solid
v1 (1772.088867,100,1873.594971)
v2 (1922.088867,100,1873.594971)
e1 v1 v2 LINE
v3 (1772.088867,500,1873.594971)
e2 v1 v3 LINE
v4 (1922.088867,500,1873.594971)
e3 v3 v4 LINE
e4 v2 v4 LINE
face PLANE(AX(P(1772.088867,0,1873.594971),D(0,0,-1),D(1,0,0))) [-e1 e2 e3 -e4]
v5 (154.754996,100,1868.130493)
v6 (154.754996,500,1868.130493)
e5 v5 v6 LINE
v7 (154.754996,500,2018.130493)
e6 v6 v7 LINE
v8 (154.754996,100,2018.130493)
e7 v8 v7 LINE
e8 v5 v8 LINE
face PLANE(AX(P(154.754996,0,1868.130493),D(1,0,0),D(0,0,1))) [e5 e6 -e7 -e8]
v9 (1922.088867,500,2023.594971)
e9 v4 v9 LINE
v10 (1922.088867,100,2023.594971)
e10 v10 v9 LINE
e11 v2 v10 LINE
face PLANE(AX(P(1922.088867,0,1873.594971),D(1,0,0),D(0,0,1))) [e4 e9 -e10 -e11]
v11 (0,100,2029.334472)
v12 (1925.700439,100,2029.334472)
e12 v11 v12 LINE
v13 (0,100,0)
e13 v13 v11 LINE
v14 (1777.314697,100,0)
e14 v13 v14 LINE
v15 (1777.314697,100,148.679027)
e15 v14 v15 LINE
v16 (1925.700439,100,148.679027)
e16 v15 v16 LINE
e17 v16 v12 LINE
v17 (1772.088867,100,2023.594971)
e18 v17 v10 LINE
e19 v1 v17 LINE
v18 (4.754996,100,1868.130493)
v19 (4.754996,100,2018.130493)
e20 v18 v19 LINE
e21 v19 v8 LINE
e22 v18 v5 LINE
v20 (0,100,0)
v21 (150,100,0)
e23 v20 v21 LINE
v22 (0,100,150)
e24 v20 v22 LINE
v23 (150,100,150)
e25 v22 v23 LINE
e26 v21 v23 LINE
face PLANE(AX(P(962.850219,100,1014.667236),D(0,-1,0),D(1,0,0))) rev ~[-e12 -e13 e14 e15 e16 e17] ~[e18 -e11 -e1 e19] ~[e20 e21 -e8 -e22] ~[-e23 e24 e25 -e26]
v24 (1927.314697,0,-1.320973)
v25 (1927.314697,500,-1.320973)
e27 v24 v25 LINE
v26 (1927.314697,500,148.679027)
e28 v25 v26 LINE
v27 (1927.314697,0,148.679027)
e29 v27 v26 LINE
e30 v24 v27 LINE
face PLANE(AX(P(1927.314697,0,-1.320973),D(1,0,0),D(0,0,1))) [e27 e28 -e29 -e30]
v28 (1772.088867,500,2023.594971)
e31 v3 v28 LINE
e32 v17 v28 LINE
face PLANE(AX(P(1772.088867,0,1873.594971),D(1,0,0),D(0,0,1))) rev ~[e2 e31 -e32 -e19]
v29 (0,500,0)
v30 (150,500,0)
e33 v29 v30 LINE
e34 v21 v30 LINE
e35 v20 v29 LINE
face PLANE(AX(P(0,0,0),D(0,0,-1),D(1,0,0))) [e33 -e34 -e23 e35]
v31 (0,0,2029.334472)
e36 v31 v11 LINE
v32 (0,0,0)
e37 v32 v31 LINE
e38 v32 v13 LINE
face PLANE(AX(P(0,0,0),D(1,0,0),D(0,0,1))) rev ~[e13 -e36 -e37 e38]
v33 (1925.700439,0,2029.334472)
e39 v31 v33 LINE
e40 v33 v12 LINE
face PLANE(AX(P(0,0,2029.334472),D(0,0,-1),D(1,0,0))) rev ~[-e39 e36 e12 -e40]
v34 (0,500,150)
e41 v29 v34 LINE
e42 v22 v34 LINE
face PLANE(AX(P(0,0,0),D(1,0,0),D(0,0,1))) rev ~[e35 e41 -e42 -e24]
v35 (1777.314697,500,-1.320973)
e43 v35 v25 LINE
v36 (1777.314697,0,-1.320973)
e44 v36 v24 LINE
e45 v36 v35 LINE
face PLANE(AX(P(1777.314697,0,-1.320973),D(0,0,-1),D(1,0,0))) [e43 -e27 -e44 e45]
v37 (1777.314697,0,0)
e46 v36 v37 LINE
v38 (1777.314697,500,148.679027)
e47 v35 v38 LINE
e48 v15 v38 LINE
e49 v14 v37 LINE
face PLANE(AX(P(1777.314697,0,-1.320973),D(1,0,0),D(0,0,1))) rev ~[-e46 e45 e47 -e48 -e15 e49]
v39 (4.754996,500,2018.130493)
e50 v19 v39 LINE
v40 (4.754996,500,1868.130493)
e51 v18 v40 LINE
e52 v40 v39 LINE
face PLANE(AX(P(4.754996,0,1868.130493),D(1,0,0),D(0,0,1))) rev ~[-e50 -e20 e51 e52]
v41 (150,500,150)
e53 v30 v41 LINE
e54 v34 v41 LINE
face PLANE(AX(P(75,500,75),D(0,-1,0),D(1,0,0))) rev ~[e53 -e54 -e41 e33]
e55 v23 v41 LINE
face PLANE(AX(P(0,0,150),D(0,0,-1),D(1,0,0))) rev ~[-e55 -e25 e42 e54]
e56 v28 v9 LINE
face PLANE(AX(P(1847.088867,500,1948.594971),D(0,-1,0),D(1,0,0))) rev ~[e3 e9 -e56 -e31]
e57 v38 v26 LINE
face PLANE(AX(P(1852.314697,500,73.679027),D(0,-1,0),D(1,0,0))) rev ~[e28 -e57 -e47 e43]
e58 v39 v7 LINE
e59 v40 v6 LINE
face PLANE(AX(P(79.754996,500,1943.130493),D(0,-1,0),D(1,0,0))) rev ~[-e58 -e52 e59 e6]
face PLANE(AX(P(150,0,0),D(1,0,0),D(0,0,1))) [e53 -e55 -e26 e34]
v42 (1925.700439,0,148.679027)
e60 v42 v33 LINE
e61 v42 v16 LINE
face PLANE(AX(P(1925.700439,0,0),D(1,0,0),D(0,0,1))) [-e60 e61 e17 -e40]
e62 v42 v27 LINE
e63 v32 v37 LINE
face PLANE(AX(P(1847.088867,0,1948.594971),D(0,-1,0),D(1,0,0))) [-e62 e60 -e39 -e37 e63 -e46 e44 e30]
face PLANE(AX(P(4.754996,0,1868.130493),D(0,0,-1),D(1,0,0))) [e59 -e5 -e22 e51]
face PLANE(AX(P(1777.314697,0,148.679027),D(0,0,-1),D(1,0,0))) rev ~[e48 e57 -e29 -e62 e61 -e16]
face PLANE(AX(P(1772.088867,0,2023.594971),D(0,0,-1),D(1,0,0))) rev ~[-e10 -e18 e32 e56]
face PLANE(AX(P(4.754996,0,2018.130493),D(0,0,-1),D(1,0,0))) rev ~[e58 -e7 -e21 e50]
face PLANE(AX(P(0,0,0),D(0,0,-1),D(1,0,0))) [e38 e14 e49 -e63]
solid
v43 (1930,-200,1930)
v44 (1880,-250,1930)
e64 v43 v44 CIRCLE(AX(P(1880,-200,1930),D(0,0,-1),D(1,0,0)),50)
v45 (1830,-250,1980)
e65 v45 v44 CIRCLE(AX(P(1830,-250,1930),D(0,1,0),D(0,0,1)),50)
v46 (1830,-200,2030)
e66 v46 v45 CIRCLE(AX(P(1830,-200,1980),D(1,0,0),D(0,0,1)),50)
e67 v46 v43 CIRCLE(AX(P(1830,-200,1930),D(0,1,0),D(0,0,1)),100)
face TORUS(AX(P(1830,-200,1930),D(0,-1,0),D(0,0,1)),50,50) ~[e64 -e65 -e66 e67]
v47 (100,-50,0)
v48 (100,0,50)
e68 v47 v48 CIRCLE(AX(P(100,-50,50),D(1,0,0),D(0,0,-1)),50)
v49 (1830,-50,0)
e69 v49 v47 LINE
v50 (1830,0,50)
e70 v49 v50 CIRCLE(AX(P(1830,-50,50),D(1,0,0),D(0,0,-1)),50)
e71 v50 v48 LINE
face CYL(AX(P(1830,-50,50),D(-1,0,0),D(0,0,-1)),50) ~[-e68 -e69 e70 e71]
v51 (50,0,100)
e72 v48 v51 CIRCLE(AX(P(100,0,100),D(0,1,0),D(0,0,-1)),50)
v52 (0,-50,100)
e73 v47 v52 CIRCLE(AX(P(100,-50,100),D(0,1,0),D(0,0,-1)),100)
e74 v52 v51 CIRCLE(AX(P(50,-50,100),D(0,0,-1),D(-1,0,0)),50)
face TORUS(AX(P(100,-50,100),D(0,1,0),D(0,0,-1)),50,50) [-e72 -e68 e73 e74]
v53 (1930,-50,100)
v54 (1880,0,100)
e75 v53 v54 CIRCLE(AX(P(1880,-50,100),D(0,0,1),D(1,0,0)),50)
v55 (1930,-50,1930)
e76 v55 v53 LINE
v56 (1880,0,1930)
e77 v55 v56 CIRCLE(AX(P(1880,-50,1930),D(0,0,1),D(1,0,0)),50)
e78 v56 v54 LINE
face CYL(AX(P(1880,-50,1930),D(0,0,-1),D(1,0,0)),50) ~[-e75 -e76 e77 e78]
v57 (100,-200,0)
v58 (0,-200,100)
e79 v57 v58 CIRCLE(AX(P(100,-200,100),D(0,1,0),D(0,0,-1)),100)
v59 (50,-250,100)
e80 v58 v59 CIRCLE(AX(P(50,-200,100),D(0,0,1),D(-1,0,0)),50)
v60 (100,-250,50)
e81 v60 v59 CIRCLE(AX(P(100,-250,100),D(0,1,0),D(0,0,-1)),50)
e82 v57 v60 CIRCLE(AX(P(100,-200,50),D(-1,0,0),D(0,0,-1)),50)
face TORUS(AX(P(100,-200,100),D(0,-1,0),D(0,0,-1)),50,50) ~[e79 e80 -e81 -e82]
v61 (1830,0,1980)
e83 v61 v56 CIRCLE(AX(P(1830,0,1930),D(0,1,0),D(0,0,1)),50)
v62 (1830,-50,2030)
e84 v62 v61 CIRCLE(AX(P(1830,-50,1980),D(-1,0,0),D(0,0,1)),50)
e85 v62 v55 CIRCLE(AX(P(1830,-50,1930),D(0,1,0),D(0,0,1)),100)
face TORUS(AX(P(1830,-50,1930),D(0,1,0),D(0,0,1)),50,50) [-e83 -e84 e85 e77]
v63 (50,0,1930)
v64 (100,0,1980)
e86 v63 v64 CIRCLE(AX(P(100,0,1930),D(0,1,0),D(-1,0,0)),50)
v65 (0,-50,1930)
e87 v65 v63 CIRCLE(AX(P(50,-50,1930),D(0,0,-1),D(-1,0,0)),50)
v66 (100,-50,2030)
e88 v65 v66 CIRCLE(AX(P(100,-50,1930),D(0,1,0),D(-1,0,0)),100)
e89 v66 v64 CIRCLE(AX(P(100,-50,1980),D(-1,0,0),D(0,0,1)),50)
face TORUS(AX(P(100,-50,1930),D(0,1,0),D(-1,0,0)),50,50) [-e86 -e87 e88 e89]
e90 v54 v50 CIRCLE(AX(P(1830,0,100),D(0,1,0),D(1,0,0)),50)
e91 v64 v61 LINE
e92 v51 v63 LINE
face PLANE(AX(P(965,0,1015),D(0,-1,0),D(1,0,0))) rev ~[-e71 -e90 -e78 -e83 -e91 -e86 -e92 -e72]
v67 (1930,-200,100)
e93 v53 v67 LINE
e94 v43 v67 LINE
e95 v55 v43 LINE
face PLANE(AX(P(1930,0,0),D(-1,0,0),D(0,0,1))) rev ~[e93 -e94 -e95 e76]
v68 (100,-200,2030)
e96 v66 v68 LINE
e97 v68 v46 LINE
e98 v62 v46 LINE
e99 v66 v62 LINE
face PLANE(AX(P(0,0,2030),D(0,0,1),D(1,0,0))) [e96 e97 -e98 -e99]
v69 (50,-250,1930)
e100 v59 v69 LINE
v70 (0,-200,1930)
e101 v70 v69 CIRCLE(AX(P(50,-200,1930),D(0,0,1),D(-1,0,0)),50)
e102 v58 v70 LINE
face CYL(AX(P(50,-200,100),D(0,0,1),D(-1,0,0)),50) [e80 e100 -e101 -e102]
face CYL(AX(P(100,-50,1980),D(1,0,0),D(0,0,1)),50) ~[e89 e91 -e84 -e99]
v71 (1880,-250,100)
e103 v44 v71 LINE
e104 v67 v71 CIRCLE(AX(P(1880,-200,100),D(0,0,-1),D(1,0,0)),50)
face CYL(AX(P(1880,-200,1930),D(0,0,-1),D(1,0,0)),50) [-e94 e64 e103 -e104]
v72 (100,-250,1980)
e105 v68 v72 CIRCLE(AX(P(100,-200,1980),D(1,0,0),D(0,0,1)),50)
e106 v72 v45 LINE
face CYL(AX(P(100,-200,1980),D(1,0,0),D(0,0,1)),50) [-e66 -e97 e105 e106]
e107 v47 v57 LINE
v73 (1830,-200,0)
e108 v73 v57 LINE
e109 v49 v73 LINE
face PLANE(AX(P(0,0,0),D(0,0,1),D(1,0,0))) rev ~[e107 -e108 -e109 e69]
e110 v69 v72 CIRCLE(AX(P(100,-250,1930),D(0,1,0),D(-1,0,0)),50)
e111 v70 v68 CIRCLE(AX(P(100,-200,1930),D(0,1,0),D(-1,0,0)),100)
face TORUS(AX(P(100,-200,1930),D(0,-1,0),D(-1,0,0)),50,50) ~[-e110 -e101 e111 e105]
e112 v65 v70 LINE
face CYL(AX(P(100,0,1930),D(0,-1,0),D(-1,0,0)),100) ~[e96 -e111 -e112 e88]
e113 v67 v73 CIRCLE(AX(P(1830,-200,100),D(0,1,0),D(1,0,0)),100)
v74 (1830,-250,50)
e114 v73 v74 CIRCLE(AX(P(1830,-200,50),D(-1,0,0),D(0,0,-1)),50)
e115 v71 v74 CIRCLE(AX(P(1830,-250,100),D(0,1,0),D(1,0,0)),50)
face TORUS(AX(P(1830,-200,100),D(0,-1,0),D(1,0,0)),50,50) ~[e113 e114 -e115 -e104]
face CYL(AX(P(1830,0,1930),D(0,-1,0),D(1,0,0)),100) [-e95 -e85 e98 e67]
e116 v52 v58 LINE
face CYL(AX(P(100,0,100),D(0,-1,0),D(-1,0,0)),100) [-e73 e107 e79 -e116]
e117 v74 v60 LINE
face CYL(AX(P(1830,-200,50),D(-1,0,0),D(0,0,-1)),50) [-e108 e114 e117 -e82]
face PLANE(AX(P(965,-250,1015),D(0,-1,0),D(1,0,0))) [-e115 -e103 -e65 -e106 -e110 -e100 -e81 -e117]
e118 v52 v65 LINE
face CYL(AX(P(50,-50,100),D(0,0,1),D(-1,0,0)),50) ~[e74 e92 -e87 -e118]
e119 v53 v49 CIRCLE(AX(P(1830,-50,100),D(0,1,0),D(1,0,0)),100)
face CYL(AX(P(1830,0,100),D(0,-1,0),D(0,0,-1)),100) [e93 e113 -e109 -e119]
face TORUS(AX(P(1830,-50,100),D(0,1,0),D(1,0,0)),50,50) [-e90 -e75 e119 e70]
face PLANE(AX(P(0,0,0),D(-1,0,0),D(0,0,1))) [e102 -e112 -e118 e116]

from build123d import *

# Parameters (mm, degrees)
SKETCH_W     = 1930
SKETCH_H     = 2030
PAD_DEPTH    = 250
FILLET_R     = 100
FILLET001_R  = 50
SKETCH001_W  = 1925.700439
SKETCH001_H  = 2029.334473
PAD001_DEPTH = 100
SKETCH002_W  = 150
SKETCH002_H  = 150
PAD002_DEPTH = 500
SKETCH003_W  = 150
SKETCH003_H  = 150
PAD003_DEPTH = 500
SKETCH004_W  = 150
SKETCH004_H  = 150
PAD004_DEPTH = 500
SKETCH005_W  = 150
SKETCH005_H  = 150
PAD005_DEPTH = 500


with BuildPart() as body:
    # Sketch → Pad (new body)
    with BuildSketch(Plane.XZ):
        with Locations((965, 1015)):
            Rectangle(SKETCH_W, SKETCH_H)
    extrude(amount=PAD_DEPTH)

    # Fillet
    fillet_edges = [body.edges().sort_by_distance(p)[0] for p in [
        (0, -125, 2030),
        (1930, -125, 2030),
        (1930, -125, 0),
        (0, -125, 0),
    ]]
    fillet(fillet_edges, radius=FILLET_R)

    # Fillet001
    fillet001_edges = [body.edges().sort_by_distance(p)[0] for p in [
        (0, -250, 1015),
        (29.289322, -250, 29.289322),
        (965, -250, 0),
        (1900.710678, -250, 29.289322),
        (1930, -250, 1015),
        (1900.710678, -250, 2000.710678),
        (965, -250, 2030),
        (29.289322, -250, 2000.710678),
        (0, 0, 1015),
        (29.289322, 0, 2000.710678),
        (965, 0, 2030),
        (1900.710678, 0, 2000.710678),
        (1930, 0, 1015),
        (1900.710678, 0, 29.289322),
        (965, 0, 0),
        (29.289322, 0, 29.289322),
    ]]
    fillet(fillet001_edges, radius=FILLET001_R)


with BuildPart() as body001:
    # Sketch001 → Pad001 (new body)
    with BuildSketch(Plane.XZ):
        with Locations((962.850219, 1014.667236)):
            Rectangle(SKETCH001_W, SKETCH001_H)
    extrude(amount=-PAD001_DEPTH)

    # Sketch002 → Pad002 (join)
    with BuildSketch(Plane.XZ):
        with Locations((75, 75)):
            Rectangle(SKETCH002_W, SKETCH002_H)
    extrude(amount=-PAD002_DEPTH)

    # Sketch003 → Pad003 (join)
    with BuildSketch(Plane.XZ):
        with Locations((1852.314697, 73.679027)):
            Rectangle(SKETCH003_W, SKETCH003_H)
    extrude(amount=-PAD003_DEPTH)

    # Sketch004 → Pad004 (join)
    with BuildSketch(Plane.XZ):
        with Locations((79.754996, 1943.130493)):
            Rectangle(SKETCH004_W, SKETCH004_H)
    extrude(amount=-PAD004_DEPTH)

    # Sketch005 → Pad005 (join)
    with BuildSketch(Plane.XZ):
        with Locations((1847.088867, 1948.594971)):
            Rectangle(SKETCH005_W, SKETCH005_H)
    extrude(amount=-PAD005_DEPTH)


solid = Compound([body.part, body001.part])
